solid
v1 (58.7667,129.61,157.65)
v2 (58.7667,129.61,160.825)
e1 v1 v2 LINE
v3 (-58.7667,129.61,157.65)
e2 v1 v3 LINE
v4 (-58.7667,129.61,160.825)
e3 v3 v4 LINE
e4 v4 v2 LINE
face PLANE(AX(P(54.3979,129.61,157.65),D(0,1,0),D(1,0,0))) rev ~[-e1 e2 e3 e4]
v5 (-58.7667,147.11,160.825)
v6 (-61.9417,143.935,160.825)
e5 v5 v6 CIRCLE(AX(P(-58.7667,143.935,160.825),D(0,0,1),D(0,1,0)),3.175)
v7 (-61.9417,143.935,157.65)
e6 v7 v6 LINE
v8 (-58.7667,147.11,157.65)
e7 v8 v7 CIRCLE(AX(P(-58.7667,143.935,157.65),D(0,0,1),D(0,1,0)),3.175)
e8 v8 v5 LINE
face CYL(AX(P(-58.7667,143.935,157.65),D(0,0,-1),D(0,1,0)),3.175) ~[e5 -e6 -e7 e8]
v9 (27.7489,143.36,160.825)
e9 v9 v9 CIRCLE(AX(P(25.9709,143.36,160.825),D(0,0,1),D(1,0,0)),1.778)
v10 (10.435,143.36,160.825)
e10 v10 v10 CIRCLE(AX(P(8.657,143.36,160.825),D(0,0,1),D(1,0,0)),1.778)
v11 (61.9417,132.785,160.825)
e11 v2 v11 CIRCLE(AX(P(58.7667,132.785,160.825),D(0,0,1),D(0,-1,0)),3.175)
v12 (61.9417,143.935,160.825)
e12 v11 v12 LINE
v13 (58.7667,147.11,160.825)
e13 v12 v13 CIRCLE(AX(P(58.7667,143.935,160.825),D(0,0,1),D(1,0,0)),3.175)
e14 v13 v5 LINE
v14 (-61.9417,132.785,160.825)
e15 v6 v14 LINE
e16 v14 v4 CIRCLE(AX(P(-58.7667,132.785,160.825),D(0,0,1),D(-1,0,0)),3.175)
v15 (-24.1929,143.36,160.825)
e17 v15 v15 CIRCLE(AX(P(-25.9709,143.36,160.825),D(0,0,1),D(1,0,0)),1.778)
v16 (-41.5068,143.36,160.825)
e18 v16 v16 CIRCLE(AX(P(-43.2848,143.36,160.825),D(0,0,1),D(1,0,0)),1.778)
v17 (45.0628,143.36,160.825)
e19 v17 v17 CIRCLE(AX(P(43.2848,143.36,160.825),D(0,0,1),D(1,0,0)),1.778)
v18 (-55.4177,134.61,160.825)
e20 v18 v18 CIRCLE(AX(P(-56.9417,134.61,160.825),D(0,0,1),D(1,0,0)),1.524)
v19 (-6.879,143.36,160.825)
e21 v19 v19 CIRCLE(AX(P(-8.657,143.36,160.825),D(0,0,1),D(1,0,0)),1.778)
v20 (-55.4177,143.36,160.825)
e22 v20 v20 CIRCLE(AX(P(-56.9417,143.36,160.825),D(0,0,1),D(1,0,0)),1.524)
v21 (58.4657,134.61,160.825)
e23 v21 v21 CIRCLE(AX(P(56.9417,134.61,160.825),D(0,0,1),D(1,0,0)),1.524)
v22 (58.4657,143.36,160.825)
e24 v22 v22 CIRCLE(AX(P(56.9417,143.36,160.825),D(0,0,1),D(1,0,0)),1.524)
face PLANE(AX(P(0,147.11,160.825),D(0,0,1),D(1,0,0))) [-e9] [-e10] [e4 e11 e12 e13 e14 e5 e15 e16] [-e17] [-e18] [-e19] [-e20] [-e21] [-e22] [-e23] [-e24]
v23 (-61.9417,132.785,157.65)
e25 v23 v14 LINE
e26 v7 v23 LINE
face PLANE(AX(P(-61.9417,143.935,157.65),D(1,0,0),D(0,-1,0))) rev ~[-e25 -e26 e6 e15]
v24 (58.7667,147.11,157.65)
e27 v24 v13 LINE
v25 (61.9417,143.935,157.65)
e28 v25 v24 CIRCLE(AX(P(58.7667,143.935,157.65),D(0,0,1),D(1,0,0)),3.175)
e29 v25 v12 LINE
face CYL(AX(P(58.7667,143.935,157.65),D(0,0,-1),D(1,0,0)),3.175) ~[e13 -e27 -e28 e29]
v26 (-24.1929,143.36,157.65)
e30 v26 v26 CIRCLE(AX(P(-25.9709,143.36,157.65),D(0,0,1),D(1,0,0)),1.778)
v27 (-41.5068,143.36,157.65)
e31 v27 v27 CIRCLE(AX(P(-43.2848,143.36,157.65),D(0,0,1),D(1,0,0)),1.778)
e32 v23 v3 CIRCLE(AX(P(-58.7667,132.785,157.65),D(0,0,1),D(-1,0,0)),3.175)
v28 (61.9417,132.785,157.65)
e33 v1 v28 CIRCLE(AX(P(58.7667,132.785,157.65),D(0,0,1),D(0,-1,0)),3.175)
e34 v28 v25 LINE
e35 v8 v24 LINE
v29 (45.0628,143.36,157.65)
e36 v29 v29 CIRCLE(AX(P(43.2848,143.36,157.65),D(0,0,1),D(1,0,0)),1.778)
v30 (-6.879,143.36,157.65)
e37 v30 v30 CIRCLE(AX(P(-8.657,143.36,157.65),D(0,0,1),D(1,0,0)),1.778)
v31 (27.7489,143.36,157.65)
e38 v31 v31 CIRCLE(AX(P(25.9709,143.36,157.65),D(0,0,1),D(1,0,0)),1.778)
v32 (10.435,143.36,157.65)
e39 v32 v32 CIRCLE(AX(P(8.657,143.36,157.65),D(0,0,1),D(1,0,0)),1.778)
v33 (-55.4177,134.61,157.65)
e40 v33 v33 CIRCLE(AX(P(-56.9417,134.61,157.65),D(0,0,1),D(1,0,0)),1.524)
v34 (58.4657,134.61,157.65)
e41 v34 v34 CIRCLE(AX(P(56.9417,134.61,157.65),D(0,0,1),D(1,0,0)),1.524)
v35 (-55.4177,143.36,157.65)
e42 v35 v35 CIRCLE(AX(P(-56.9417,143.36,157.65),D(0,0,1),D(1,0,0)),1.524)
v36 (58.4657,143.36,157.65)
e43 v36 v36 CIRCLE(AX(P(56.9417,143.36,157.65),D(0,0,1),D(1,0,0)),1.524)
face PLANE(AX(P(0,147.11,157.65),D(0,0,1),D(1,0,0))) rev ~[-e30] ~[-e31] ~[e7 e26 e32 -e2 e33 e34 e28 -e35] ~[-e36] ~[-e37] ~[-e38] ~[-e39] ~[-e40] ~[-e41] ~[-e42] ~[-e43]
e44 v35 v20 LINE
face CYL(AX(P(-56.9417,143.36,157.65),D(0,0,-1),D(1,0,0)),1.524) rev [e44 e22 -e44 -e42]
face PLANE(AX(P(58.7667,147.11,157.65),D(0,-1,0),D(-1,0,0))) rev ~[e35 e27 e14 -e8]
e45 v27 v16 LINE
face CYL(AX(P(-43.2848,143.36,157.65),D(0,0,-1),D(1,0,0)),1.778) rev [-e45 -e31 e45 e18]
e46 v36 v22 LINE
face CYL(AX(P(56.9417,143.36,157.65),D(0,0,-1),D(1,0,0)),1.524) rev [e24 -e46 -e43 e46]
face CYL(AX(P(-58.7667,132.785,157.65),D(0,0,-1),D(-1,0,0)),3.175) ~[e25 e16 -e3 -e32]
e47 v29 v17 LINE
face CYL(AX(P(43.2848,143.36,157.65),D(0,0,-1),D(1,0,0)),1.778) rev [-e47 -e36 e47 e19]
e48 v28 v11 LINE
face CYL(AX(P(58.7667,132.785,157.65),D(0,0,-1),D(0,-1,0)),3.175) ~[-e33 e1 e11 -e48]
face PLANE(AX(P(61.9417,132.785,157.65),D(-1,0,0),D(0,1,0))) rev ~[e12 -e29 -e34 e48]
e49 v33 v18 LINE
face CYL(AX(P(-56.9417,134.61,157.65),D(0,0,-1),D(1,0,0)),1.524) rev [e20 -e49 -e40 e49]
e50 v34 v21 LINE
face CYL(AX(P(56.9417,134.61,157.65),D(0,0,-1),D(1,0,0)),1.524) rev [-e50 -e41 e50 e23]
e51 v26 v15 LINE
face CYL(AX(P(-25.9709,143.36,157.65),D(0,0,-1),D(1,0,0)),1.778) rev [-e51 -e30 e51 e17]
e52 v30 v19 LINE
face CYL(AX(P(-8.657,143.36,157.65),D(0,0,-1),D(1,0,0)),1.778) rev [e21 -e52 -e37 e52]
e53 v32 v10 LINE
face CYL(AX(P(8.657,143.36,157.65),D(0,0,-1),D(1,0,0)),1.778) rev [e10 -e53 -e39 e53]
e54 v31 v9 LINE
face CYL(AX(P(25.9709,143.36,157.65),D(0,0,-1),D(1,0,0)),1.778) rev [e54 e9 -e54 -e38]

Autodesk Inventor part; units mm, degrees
ref_plane "YZ Plane" through (0, 0, 0) normal (1, 0, 0) x (0, 1, 0)
ref_plane "XZ Plane" through (0, 0, 0) normal (0, 1, 0) x (-1, 0, 0)
ref_plane "XY Plane" through (0, 0, 0) normal (0, 0, 1) x (1, 0, 0)
ref_plane "Work Plane2" through (0, 147.11, 157.65) normal (0, 0, 1) x (1, 0, 0)
sketch "Sketch2" plane through (0, 147.11, 157.65) normal (0, 0, 1) x (1, 0, 0)
  arc A0 (61.9417, -3.175) -> (58.7667, 0) centre (58.7667, -3.175) ccw projected
  line L0 (58.7667, 0) -> (55.1167, 0) projected
  arc A1 (51.9417, 3.175) -> (55.1167, 0) centre (55.1167, 3.175) ccw projected
  arc A2 (51.9417, 3.937) -> (48.7667, 7.112) centre (48.7667, 3.937) ccw projected
  line L1 (48.7667, 7.112) -> (-48.7667, 7.112) projected
  arc A3 (-48.7667, 7.112) -> (-51.9417, 3.937) centre (-48.7667, 3.937) ccw projected
  arc A4 (-55.1167, 0) -> (-51.9417, 3.175) centre (-55.1167, 3.175) ccw projected
  line L2 (-55.1167, 0) -> (-58.7667, 0) projected
  arc A5 (-58.7667, 0) -> (-61.9417, -3.175) centre (-58.7667, -3.175) ccw projected
  line L3 (-61.9417, -3.175) -> (-61.9417, -14.325) projected
  arc A6 (-61.9417, -14.325) -> (-58.7667, -17.5) centre (-58.7667, -14.325) ccw projected
  line L4 (-58.7667, -17.5) -> (58.7667, -17.5) projected
  arc A7 (58.7667, -17.5) -> (61.9417, -14.325) centre (58.7667, -14.325) ccw projected
  line L5 (61.9417, -14.325) -> (61.9417, -3.175) projected
  arc A8 (-44.4178, 0) -> (-42.1518, 0) centre (-43.2848, 0) ccw projected
  line L6 (-44.4178, 0) -> (-44.4178, 5) projected
  arc A9 (-42.1518, 5) -> (-44.4178, 5) centre (-43.2848, 5) ccw projected
  line L7 (-42.1518, 5) -> (-42.1518, 0) projected
  circle A10 centre (56.9417, -12.5) radius 1.524 projected
  circle A11 centre (-56.9417, -3.75) radius 1.524 projected
  circle A12 centre (56.9417, -3.75) radius 1.524 projected
  circle A13 centre (-43.2848, -3.75) radius 1.27 projected
  circle A14 centre (-25.9709, -3.75) radius 1.27 projected
  circle A15 centre (-8.657, -3.75) radius 1.27 projected
  circle A16 centre (8.657, -3.75) radius 1.27 projected
  circle A17 centre (25.9709, -3.75) radius 1.27 projected
  circle A18 centre (43.2848, -3.75) radius 1.27 projected
  circle A19 centre (-56.9417, -12.5) radius 1.524 projected
  arc A20 (-27.1039, 0) -> (-24.8379, 0) centre (-25.9709, 0) ccw projected
  line L8 (-27.1039, 0) -> (-27.1039, 5) projected
  arc A21 (-24.8379, 5) -> (-27.1039, 5) centre (-25.9709, 5) ccw projected
  line L9 (-24.8379, 5) -> (-24.8379, 0) projected
  arc A22 (-9.79, 0) -> (-7.524, 0) centre (-8.657, 0) ccw projected
  line L10 (-9.79, 0) -> (-9.79, 5) projected
  arc A23 (-7.524, 5) -> (-9.79, 5) centre (-8.657, 5) ccw projected
  line L11 (-7.524, 5) -> (-7.524, 0) projected
  arc A24 (7.524, 0) -> (9.79, 0) centre (8.657, 0) ccw projected
  line L12 (7.524, 0) -> (7.524, 5) projected
  arc A25 (9.79, 5) -> (7.524, 5) centre (8.657, 5) ccw projected
  line L13 (9.79, 5) -> (9.79, 0) projected
  arc A26 (24.8379, 0) -> (27.1039, 0) centre (25.9709, 0) ccw projected
  line L14 (24.8379, 0) -> (24.8379, 5) projected
  arc A27 (27.1039, 5) -> (24.8379, 5) centre (25.9709, 5) ccw projected
  line L15 (27.1039, 5) -> (27.1039, 0) projected
  arc A28 (42.1518, 0) -> (44.4178, 0) centre (43.2848, 0) ccw projected
  line L16 (42.1518, 0) -> (42.1518, 5) projected
  arc A29 (44.4178, 5) -> (42.1518, 5) centre (43.2848, 5) ccw projected
  line L17 (44.4178, 5) -> (44.4178, 0) projected
  line L18 (-55.1167, 0) -> (55.1167, 0)
  circle A30 centre (-43.2848, -3.75) radius 1.778
  circle A31 centre (-25.9709, -3.75) radius 1.778
  circle A32 centre (-8.657, -3.75) radius 1.778
  circle A33 centre (8.657, -3.75) radius 1.778
  circle A34 centre (25.9709, -3.75) radius 1.778
  circle A35 centre (43.2848, -3.75) radius 1.778
  line L19 (-54.3979, -17.5) -> (54.3979, -17.5)
  line L20 (51.9417, 3.175) -> (51.9417, 3.937) projected
  line L21 (-51.9417, 3.937) -> (-51.9417, 3.175) projected
  point P0 (0, -147.11)
  point P1 (-55.1167, 3.175)
  point P2 (51.9417, 3.683)
  point P3 (-51.9417, 3.683)
  point P4 (-55.1167, 3.175)
  dimension "d0" = 3.556
  dimension "d1" = 3.556
  dimension "d2" = 3.556
  dimension "d3" = 3.556
  dimension "d4" = 3.556
  dimension "d5" = 3.556
extrude "Extrusion1" add sketch "Sketch2" along normal blind 3.175 contours L5 A7 L4 A6 L3 A5 L2 L18 A8 A20 A22 A24 A26 A28 L0 A0 | A28 L18 | A26 L18 | A24 L18 | A22 L18 | L18 A8 | A20 L18
properties part number "string_mount"
